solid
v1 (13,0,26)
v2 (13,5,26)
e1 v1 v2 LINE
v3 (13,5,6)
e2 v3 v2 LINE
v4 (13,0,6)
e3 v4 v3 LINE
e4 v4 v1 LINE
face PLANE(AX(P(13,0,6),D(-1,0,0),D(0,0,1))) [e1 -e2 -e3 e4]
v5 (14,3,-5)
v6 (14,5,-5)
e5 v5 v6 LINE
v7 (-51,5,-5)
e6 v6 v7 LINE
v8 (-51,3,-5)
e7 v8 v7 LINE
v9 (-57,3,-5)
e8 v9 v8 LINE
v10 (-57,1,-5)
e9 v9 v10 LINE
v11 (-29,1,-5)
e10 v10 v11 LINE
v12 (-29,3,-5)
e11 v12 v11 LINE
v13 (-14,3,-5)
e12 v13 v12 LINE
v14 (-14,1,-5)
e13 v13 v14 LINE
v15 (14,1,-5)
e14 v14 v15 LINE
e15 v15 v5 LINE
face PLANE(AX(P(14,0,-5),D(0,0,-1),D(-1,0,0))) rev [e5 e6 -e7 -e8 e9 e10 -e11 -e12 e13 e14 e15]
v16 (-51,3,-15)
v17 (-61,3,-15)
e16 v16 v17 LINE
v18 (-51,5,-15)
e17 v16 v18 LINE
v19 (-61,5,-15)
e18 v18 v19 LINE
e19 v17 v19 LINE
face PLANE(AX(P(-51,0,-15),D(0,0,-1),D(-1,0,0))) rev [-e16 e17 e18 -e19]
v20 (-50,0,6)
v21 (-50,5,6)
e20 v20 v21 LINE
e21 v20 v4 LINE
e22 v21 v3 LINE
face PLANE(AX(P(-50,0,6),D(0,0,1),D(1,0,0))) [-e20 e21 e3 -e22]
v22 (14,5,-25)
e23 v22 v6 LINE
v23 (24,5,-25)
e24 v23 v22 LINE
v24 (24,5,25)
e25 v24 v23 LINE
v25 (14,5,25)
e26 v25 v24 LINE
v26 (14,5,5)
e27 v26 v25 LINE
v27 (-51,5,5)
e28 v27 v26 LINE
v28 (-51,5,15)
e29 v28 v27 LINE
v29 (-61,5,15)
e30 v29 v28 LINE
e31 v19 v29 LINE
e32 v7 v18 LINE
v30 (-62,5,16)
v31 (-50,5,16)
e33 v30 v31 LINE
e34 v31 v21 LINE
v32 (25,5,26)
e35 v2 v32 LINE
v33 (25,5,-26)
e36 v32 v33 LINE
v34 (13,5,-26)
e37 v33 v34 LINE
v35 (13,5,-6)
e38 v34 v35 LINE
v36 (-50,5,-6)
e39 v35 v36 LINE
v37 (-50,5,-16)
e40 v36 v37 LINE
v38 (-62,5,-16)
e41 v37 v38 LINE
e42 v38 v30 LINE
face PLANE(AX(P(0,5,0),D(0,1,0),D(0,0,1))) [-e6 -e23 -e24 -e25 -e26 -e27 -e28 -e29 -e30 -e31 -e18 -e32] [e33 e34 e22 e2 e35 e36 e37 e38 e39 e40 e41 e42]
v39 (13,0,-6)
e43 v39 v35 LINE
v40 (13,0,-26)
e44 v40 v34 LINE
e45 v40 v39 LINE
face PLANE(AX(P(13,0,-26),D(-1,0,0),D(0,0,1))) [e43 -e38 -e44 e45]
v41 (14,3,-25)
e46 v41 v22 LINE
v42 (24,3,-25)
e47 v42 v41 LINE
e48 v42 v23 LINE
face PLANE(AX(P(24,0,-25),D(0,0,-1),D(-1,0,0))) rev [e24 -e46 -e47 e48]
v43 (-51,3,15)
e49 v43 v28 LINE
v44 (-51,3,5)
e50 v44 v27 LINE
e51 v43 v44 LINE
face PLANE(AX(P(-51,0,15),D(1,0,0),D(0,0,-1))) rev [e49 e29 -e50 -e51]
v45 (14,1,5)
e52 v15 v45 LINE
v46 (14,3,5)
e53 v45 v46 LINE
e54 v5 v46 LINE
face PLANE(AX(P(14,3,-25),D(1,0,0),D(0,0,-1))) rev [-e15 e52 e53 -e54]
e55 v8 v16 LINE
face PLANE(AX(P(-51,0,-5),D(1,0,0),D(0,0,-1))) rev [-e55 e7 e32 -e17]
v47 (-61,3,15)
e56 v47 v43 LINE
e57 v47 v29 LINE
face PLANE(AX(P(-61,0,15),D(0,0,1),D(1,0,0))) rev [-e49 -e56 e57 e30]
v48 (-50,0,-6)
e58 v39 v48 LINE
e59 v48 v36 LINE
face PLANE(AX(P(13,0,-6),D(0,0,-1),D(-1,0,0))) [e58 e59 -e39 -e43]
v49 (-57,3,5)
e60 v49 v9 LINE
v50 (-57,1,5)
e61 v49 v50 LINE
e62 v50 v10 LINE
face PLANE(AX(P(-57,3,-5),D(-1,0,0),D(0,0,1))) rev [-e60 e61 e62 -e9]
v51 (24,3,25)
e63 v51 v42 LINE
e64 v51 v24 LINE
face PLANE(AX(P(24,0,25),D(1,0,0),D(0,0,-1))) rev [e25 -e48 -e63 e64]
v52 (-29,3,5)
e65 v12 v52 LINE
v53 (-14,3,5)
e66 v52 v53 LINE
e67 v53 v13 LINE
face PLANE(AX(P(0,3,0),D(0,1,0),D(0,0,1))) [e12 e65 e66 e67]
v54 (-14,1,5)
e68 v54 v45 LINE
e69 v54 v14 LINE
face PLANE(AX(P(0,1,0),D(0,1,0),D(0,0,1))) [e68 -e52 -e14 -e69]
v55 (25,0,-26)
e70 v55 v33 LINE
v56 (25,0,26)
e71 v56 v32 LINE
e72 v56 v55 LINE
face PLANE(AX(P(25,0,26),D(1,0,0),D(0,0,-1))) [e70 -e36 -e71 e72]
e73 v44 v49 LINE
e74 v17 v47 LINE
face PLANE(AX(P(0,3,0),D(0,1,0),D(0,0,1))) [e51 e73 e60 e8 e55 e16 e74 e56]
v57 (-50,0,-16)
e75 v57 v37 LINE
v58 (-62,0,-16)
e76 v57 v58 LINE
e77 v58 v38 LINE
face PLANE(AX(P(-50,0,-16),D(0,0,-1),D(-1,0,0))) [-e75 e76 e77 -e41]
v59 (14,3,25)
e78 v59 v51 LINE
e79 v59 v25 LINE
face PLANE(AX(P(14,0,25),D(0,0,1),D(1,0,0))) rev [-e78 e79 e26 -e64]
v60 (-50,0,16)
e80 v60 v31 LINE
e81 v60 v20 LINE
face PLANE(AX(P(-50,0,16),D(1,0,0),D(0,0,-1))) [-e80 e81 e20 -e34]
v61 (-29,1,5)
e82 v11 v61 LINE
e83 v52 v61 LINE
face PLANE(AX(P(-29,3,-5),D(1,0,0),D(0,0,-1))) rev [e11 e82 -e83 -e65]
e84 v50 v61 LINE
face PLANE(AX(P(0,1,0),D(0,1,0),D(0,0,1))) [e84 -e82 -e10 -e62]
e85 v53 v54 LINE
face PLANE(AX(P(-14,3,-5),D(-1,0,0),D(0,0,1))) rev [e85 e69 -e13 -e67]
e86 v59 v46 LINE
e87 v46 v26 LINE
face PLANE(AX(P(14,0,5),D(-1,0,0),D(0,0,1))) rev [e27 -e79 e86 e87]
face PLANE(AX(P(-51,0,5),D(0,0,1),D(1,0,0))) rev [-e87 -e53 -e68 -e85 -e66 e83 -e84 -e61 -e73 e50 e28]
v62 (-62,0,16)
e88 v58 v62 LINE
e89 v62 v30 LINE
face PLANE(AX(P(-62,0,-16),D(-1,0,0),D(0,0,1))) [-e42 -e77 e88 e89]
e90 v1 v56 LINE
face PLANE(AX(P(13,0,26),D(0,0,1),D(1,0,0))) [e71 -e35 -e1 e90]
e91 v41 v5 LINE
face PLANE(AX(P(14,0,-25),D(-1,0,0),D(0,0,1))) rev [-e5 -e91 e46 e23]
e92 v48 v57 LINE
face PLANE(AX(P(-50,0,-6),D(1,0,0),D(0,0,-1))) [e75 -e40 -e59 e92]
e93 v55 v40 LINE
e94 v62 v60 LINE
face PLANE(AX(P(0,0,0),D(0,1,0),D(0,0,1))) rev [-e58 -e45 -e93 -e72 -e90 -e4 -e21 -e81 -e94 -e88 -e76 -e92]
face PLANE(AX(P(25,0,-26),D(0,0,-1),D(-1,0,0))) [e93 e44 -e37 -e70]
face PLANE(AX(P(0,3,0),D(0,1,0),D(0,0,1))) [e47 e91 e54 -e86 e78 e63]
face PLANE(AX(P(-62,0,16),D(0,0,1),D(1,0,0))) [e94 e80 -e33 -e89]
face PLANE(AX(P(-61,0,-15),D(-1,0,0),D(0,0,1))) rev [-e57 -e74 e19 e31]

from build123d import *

# Parameters (mm, degrees)
SKETCH_2_W           = 65
SKETCH_2_H           = 10
SKETCH_2_W_2         = 6
EXTRUDE_1_DEPTH      = 1
EXTRUDE_2_DEPTH      = 4
EXTRUDE_2_DEPTH_BACK = 1
SKETCH_5_W           = 15
SKETCH_5_H           = 10
SKETCH_5_W_2         = 10
SKETCH_5_H_2         = 50
EXTRUDE_3_DEPTH      = 2


with BuildPart() as part:
    # 草图2 → 凸台-拉伸1 (new body)
    with BuildSketch(Plane(origin=(0, 0, 0), x_dir=(1, 0, 0), z_dir=(0, 1, 0))):
        with Locations((-18.5, 0)):
            Rectangle(SKETCH_2_W, SKETCH_2_H)
        with Locations((-54, 0)):
            Rectangle(SKETCH_2_W_2, SKETCH_2_H)
        Polygon((-51, 15), (-61, 15), (-61, -15), (-51, -15), (-51, -5), (-57, -5), (-57, 5), (-51, 5), align=None)
        Polygon((14, 25), (14, 5), (14, -5), (14, -25), (24, -25), (24, 25), align=None)
    extrude(amount=EXTRUDE_1_DEPTH)

    # 草图4 → 凸台-拉伸2 (add, two sides)
    with BuildSketch(Plane(origin=(0, 1, 0), x_dir=(1, 0, 0), z_dir=(0, 1, 0))) as extrude_2_sk:
        Polygon((-50, -16), (-50, -6), (13, -6), (13, -26), (25, -26), (25, 26), (13, 26), (13, 6), (-50, 6), (-50, 16), (-62, 16), (-62, -16), align=None)
        Polygon((-51, -15), (-51, -5), (14, -5), (14, -25), (24, -25), (24, 25), (14, 25), (14, 5), (-51, 5), (-51, 15), (-61, 15), (-61, -15), align=None, mode=Mode.SUBTRACT)
    extrude(amount=EXTRUDE_2_DEPTH)
    extrude(extrude_2_sk.sketch, amount=-EXTRUDE_2_DEPTH_BACK)

    # 草图5 → 凸台-拉伸3 (add)
    with BuildSketch(Plane(origin=(0, 1, 0), x_dir=(1, 0, 0), z_dir=(0, 1, 0))):
        Polygon((-57, 5), (-57, -5), (-51, -5), (-51, -15), (-61, -15), (-61, 15), (-51, 15), (-51, 5), align=None)
        with Locations((-21.5, 0)):
            Rectangle(SKETCH_5_W, SKETCH_5_H)
        with Locations((19, 0)):
            Rectangle(SKETCH_5_W_2, SKETCH_5_H_2)
    extrude(amount=EXTRUDE_3_DEPTH)


solid = part.part
